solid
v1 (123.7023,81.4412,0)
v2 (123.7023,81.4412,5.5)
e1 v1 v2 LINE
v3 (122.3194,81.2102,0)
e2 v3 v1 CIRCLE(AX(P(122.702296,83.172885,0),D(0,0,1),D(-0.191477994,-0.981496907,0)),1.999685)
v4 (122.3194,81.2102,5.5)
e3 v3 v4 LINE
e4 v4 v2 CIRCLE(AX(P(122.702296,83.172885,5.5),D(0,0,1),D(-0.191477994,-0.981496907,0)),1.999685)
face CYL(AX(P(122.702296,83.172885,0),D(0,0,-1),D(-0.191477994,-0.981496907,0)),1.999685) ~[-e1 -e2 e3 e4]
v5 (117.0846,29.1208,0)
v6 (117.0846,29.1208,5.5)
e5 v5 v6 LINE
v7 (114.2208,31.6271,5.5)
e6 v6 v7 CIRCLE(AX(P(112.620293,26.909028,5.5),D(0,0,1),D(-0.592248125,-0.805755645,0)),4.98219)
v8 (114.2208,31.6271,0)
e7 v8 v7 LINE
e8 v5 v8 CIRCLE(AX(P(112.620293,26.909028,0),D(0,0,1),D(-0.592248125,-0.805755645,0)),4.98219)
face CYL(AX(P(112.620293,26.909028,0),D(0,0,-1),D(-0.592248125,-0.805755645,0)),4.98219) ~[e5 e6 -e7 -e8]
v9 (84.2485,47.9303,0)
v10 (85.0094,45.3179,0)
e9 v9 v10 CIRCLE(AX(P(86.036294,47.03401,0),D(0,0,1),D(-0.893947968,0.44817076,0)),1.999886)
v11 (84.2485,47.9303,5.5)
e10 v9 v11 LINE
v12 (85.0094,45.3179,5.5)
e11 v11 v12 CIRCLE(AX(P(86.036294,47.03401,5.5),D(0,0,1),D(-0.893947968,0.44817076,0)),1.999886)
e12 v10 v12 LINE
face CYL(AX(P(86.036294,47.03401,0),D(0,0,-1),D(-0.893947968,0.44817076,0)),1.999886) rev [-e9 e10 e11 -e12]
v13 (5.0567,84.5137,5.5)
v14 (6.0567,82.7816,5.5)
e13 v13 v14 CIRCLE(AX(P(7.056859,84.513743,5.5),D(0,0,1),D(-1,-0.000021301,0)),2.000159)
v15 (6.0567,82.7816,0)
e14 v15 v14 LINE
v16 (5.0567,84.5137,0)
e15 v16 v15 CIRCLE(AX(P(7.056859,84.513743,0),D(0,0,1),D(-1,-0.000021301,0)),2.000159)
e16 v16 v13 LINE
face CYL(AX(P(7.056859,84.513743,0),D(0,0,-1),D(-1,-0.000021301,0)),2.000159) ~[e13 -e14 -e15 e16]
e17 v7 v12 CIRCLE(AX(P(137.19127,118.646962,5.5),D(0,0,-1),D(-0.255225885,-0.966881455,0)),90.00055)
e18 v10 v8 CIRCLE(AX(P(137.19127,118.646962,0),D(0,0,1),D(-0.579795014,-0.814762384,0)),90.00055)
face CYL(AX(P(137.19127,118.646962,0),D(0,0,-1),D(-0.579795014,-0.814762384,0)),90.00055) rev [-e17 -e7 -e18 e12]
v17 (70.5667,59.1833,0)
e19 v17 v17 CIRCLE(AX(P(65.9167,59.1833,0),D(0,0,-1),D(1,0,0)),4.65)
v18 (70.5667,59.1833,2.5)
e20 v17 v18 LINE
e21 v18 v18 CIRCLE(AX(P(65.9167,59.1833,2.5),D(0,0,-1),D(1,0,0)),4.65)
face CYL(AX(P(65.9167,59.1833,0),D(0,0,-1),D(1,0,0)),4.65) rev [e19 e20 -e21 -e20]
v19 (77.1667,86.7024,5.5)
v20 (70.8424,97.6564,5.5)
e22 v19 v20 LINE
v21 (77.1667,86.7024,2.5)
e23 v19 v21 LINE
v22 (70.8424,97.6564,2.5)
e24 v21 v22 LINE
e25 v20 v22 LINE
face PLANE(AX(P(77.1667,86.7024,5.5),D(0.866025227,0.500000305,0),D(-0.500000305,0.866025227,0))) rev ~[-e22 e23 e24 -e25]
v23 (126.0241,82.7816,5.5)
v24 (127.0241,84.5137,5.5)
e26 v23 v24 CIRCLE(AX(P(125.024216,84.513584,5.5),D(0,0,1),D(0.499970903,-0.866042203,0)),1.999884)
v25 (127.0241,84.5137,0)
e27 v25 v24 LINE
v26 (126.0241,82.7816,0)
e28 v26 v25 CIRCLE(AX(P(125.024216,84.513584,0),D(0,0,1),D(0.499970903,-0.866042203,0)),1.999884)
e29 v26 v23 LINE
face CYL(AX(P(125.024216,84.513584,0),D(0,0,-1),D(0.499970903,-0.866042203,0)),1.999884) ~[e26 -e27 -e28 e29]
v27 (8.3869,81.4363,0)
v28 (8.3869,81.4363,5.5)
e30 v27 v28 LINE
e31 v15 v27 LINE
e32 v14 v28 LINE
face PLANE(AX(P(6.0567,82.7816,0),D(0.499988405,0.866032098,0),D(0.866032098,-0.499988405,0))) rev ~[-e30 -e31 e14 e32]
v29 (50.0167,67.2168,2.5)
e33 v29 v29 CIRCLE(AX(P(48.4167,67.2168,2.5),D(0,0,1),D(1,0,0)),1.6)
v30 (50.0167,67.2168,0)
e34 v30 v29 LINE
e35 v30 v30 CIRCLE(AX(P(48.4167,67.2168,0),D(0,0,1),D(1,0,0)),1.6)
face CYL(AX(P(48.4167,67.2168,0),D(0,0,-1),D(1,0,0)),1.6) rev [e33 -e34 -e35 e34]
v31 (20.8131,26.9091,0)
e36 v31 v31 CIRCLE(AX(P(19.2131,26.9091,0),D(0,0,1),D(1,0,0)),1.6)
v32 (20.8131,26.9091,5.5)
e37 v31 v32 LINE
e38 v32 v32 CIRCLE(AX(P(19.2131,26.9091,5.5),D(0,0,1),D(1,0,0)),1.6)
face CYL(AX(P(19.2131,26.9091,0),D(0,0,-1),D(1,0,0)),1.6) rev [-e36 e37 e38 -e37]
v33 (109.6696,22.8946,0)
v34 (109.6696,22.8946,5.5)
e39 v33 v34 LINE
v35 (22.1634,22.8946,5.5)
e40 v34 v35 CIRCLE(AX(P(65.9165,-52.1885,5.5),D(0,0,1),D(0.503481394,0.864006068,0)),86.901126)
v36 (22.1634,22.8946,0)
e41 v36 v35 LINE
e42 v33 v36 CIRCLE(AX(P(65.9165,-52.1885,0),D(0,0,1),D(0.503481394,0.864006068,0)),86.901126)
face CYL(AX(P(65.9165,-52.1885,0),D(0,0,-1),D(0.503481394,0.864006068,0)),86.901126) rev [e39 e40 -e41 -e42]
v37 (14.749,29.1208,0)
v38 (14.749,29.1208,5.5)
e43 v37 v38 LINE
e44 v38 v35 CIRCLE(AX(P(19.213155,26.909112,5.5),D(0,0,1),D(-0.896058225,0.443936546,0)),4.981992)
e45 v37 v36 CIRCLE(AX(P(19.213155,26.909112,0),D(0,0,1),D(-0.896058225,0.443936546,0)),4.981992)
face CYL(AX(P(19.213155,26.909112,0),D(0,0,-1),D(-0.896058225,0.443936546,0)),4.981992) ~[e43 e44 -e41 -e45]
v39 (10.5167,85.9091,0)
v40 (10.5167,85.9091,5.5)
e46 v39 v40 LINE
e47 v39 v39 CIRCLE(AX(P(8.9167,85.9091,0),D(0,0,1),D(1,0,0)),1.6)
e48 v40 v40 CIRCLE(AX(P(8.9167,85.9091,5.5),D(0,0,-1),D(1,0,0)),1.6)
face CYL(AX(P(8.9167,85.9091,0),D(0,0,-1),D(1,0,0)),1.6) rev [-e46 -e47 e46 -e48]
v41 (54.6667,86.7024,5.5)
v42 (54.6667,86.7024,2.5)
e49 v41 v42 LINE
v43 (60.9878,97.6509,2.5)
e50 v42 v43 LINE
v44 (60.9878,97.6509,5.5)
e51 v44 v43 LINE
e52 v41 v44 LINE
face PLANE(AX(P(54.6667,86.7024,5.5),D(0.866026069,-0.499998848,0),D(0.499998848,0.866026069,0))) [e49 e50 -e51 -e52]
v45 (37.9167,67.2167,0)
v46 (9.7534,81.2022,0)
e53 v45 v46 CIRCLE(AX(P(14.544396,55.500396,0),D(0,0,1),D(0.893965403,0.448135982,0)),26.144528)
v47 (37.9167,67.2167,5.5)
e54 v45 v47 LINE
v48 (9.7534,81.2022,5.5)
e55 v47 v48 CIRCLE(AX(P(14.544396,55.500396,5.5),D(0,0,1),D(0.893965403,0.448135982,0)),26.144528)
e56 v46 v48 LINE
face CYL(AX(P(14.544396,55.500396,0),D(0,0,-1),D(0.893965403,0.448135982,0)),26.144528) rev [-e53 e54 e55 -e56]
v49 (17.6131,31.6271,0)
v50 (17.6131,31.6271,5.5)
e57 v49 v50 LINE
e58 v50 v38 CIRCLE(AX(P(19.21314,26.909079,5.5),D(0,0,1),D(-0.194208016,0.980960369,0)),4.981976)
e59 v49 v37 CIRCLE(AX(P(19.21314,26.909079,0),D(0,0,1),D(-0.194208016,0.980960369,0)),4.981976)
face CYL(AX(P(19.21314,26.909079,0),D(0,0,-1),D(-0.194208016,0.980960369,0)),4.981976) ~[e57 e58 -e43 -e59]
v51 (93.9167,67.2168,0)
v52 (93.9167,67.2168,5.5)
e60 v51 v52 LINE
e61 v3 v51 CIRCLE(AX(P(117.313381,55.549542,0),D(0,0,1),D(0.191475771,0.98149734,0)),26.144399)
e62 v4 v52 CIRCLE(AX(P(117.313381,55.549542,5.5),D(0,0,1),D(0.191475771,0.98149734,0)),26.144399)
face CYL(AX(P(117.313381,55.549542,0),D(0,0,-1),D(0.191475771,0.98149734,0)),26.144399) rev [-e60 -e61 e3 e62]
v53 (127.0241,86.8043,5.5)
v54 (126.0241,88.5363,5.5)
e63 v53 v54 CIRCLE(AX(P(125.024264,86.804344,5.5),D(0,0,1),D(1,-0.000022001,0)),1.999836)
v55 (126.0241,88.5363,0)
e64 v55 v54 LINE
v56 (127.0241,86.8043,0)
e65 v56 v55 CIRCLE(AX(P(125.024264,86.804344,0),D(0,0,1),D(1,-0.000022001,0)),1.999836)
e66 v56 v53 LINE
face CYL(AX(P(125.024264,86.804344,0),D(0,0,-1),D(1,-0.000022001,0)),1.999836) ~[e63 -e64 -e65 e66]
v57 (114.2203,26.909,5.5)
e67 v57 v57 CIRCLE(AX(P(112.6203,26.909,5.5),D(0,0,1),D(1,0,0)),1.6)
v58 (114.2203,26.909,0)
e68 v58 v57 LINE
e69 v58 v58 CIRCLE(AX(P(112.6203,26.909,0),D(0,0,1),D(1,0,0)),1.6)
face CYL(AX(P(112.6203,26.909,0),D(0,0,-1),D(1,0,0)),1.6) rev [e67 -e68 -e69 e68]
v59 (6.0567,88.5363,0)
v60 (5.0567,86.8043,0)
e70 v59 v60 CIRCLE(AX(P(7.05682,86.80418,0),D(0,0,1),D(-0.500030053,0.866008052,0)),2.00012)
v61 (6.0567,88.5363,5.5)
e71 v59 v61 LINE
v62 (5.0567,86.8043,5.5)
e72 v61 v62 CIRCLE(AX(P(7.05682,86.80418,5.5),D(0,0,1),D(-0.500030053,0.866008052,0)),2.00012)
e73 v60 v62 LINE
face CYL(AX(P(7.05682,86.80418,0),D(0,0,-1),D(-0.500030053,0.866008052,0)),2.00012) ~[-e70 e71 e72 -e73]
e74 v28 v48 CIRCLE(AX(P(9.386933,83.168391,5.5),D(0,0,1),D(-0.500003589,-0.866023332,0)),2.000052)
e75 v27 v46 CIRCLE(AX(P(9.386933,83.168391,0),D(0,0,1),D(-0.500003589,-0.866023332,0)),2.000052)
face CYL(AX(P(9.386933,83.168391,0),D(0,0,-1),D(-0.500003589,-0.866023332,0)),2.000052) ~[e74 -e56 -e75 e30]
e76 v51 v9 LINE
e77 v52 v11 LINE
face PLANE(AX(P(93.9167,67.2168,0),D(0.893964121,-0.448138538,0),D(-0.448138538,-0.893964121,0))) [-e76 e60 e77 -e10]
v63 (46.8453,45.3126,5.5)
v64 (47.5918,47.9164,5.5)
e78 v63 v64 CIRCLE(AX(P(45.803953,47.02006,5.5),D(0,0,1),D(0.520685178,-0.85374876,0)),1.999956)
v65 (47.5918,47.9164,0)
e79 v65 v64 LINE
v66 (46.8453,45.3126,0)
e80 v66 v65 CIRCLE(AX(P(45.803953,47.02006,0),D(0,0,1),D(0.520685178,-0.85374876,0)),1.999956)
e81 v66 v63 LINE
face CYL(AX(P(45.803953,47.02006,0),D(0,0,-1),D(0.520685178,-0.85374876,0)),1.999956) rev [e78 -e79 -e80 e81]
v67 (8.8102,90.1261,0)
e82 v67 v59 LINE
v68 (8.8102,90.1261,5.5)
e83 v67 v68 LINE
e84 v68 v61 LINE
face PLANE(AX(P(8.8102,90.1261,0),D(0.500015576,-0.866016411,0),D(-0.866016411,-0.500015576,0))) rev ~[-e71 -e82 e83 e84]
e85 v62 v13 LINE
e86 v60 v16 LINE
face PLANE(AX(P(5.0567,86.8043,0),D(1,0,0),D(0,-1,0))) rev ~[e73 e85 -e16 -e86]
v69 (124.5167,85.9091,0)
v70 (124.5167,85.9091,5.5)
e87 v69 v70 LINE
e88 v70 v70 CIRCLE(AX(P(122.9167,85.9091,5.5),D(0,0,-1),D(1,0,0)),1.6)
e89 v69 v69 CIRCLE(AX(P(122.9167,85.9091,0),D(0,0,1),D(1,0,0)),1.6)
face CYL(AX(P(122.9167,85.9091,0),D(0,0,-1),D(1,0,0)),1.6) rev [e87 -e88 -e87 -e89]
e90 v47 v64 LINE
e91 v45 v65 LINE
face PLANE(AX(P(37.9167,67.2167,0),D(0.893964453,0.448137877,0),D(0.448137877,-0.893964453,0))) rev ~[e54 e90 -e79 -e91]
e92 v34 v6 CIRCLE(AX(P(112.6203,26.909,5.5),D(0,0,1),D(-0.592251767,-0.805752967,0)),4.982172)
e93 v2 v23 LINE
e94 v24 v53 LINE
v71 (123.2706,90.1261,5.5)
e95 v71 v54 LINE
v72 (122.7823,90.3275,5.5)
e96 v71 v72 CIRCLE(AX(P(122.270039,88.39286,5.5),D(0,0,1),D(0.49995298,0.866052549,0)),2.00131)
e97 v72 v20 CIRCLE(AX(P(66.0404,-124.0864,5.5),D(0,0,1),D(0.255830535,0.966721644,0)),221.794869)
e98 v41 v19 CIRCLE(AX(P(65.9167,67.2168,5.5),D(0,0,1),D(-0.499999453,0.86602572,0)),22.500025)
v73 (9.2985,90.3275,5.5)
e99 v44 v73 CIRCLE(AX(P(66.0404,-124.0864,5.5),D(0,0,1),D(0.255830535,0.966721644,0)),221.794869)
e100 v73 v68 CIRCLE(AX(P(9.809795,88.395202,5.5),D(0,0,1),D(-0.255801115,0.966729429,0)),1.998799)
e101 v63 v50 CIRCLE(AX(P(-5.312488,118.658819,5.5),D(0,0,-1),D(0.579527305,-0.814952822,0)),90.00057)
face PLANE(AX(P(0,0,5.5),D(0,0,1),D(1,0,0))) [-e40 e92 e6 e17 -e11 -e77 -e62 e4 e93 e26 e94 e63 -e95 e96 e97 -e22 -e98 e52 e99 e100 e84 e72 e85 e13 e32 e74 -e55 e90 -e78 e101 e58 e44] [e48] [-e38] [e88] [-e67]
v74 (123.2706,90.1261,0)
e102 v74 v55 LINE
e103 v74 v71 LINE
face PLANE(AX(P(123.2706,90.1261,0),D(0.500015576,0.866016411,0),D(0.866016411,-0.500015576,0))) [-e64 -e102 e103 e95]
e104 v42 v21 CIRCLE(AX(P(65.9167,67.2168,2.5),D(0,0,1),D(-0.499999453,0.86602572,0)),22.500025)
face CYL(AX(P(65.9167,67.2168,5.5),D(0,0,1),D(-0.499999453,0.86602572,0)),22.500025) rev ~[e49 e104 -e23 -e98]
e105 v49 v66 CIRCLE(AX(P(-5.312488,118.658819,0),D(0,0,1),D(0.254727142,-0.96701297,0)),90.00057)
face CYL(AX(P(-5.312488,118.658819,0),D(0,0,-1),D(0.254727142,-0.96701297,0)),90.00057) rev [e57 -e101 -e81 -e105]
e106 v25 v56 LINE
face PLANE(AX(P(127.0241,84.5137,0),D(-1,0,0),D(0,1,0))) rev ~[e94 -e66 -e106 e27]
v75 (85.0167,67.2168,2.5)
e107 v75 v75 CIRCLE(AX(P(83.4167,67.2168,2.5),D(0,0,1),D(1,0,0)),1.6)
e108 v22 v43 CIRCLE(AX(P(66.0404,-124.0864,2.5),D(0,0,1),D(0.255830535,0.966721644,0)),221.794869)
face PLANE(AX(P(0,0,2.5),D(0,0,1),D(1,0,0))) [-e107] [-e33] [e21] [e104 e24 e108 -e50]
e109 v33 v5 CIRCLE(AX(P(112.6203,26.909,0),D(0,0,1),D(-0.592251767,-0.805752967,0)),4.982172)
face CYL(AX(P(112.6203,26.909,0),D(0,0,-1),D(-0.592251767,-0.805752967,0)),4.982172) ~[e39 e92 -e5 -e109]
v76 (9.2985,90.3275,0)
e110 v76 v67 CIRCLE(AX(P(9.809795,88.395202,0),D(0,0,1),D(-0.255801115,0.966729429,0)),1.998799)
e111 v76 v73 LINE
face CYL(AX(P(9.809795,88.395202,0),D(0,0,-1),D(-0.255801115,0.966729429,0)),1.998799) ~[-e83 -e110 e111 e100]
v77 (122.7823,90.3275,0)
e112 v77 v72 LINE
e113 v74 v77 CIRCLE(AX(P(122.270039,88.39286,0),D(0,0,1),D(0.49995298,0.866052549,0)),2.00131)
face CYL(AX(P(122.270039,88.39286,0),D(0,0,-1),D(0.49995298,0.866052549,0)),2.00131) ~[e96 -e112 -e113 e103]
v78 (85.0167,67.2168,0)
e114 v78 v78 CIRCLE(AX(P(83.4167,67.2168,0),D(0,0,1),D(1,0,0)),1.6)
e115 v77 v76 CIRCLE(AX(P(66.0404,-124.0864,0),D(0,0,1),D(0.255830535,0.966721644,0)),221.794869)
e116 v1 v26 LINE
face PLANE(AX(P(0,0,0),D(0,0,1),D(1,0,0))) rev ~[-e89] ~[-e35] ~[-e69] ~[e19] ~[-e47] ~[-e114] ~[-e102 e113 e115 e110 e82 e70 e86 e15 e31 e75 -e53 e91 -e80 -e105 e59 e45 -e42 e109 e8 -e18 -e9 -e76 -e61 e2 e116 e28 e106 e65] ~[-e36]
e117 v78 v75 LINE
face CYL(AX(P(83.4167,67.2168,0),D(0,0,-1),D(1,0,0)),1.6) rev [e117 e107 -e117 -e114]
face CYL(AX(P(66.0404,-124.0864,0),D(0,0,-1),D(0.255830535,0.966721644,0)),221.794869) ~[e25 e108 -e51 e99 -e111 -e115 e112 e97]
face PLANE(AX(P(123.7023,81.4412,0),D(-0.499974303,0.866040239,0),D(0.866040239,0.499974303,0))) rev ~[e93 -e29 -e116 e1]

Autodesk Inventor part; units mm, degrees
ref_plane "YZ Plane" through (0, 0, 0) normal (1, 0, 0) x (0, 1, 0)
ref_plane "XZ Plane" through (0, 0, 0) normal (0, 1, 0) x (-1, 0, 0)
ref_plane "XY Plane" through (0, 0, 0) normal (0, 0, 1) x (1, 0, 0)
sketch "スケッチ1" plane through (0, 0, 0) normal (0, 0, 1) x (1, 0, 0)
  circle A0 centre (19.2131, 26.9091) radius 1.6
  circle A1 centre (8.9167, 85.9091) radius 1.6
  circle A2 centre (122.9167, 85.9091) radius 1.6
  circle A3 centre (112.6203, 26.909) radius 1.6
  line L0 (65.9168, 92.271) -> (65.9166, 46.271)
  line L1 (7.2067, 85.9091) -> (10.6267, 85.9091)
  line L2 (8.9167, 84.1991) -> (8.9167, 87.6191)
  line L3 (124.6267, 85.9091) -> (121.2067, 85.9091)
  line L4 (122.9167, 84.1991) -> (122.9167, 87.6191)
  line L5 (6.0567, 82.7816) -> (8.3869, 81.4363)
  line L6 (5.0567, 86.8043) -> (5.0567, 84.5137)
  line L7 (123.7023, 81.4412) -> (126.0241, 82.7816)
  circle A4 centre (65.9167, 59.1833) radius 4.65
  circle A5 centre (65.9167, 67.1833) radius 14
  line L8 (82.734, 67.2168) -> (82.7592, 67.2168)
  circle A6 centre (48.4167, 67.2168) radius 1.6
  circle A7 centre (83.4167, 67.2168) radius 1.6
  arc A8 (37.9167, 67.2167) -> (9.7534, 81.2022) centre (14.5444, 55.5004) ccw
  arc A9 (122.3194, 81.2102) -> (93.9167, 67.2168) centre (117.3134, 55.5494) ccw
  line L9 (37.9167, 67.2167) -> (47.5918, 47.9164)
  line L10 (93.9167, 67.2168) -> (84.2485, 47.9303)
  arc A10 (46.8453, 45.3126) -> (47.5918, 47.9164) centre (45.8039, 47.0201) ccw
  arc A11 (84.2485, 47.9303) -> (85.0094, 45.3179) centre (86.0364, 47.034) ccw
  circle A12 centre (19.2131, 26.9091) radius 1.6
  circle A13 centre (112.6203, 26.909) radius 1.6
  circle A14 centre (122.9167, 85.9091) radius 1.6
  circle A15 centre (8.9167, 85.9091) radius 1.6
  arc A16 (122.7823, 90.3275) -> (9.2985, 90.3275) centre (66.0404, -124.0864) ccw
  arc A17 (123.2706, 90.1261) -> (122.7823, 90.3275) centre (122.2706, 88.394) ccw
  arc A18 (126.0241, 82.7816) -> (127.0241, 84.5137) centre (125.0241, 84.5137) ccw
  arc A19 (122.3194, 81.2102) -> (123.7023, 81.4412) centre (122.7023, 83.1732) ccw
  arc A20 (9.2985, 90.3275) -> (8.8102, 90.1261) centre (9.8102, 88.394) ccw
  arc A21 (8.3869, 81.4363) -> (9.7534, 81.2022) centre (9.3869, 83.1683) ccw
  arc A22 (6.0567, 88.5363) -> (5.0567, 86.8043) centre (7.0567, 86.8043) ccw
  arc A23 (5.0567, 84.5137) -> (6.0567, 82.7816) centre (7.0567, 84.5137) ccw
  line L11 (8.8102, 90.1261) -> (6.0567, 88.5363)
  line L12 (123.2706, 90.1261) -> (126.0241, 88.5363)
  line L13 (127.0241, 84.5137) -> (127.0241, 86.8043)
  arc A24 (127.0241, 86.8043) -> (126.0241, 88.5363) centre (125.0241, 86.8043) ccw
  arc A25 (14.749, 29.1208) -> (22.1634, 22.8946) centre (19.2131, 26.9091) ccw
  arc A26 (109.6696, 22.8946) -> (117.0846, 29.1208) centre (112.6203, 26.909) ccw
  arc A27 (109.6696, 22.8946) -> (22.1634, 22.8946) centre (65.9165, -52.1885) ccw
  arc A28 (18.2456, 31.7962) -> (22.1634, 22.8946) centre (19.2131, 26.9091) ccw
  arc A29 (109.6696, 22.8946) -> (113.5922, 31.7955) centre (112.6203, 26.909) ccw
  arc A30 (17.6131, 31.6271) -> (46.8453, 45.3126) centre (-5.3123, 118.6583) ccw
  arc A31 (85.0094, 45.3179) -> (114.2208, 31.6271) centre (137.191, 118.6465) ccw
  point P0 (0, 0)
  dimension "d10" = 28
  dimension "d13" = 17.5
  dimension "d15" = 17.5
  dimension "d20" = 3.2
  dimension "d27" = 2.681
  dimension "d28" = 2.2906
  dimension "d29" = 2
  dimension "d31" = 2.2906
  dimension "d35" = 46.7037
  dimension "d36" = 46.7035
  dimension "d39" = 90
  dimension "d40" = 90
extrude "押し出し1" add sketch "スケッチ1" along normal blind 5.5 contours A5 L0 A4 | L0 A4 A5 | A23 L6 A22 L11 A20 A16 A17 L12 A24 L13 A18 L7 A19 A9 L10 A11 A31 A29 A26 A27 A25 A28 A30 A10 L9 A8 A21 L5
sketch "スケッチ3" plane through (0, 0, 5.5) normal (0, 0, 1) x (1, 0, 0)
  circle A0 centre (48.4167, 67.2168) radius 1.6 projected
  circle A1 centre (83.4167, 67.2168) radius 1.6 projected
  arc A2 (54.6667, 86.7024) -> (77.1667, 86.7024) centre (65.9167, 67.2168) ccw
  line L0 (54.6667, 86.7024) -> (60.9878, 97.6509)
  arc A3 (122.7823, 90.3275) -> (9.2985, 90.3275) centre (66.0404, -124.0864) ccw projected
  line L1 (77.1667, 86.7024) -> (70.8424, 97.6564)
  arc A4 (70.8424, 97.6564) -> (60.9878, 97.6509) centre (66.0404, -124.0864) ccw
  line L2 (60.9878, 97.6509) -> (54.6667, 86.7024)
  arc A5 (70.8424, 97.6564) -> (60.9878, 97.6509) centre (66.0404, -124.0864) ccw
  line L3 (70.8424, 97.6564) -> (77.1667, 86.7024)
  point P0 (0, 0)
extrude "押し出し2" cut sketch "スケッチ3" against normal blind 3
properties part number "ステッピング固定具" material "MDF 中密度繊維ボード"
